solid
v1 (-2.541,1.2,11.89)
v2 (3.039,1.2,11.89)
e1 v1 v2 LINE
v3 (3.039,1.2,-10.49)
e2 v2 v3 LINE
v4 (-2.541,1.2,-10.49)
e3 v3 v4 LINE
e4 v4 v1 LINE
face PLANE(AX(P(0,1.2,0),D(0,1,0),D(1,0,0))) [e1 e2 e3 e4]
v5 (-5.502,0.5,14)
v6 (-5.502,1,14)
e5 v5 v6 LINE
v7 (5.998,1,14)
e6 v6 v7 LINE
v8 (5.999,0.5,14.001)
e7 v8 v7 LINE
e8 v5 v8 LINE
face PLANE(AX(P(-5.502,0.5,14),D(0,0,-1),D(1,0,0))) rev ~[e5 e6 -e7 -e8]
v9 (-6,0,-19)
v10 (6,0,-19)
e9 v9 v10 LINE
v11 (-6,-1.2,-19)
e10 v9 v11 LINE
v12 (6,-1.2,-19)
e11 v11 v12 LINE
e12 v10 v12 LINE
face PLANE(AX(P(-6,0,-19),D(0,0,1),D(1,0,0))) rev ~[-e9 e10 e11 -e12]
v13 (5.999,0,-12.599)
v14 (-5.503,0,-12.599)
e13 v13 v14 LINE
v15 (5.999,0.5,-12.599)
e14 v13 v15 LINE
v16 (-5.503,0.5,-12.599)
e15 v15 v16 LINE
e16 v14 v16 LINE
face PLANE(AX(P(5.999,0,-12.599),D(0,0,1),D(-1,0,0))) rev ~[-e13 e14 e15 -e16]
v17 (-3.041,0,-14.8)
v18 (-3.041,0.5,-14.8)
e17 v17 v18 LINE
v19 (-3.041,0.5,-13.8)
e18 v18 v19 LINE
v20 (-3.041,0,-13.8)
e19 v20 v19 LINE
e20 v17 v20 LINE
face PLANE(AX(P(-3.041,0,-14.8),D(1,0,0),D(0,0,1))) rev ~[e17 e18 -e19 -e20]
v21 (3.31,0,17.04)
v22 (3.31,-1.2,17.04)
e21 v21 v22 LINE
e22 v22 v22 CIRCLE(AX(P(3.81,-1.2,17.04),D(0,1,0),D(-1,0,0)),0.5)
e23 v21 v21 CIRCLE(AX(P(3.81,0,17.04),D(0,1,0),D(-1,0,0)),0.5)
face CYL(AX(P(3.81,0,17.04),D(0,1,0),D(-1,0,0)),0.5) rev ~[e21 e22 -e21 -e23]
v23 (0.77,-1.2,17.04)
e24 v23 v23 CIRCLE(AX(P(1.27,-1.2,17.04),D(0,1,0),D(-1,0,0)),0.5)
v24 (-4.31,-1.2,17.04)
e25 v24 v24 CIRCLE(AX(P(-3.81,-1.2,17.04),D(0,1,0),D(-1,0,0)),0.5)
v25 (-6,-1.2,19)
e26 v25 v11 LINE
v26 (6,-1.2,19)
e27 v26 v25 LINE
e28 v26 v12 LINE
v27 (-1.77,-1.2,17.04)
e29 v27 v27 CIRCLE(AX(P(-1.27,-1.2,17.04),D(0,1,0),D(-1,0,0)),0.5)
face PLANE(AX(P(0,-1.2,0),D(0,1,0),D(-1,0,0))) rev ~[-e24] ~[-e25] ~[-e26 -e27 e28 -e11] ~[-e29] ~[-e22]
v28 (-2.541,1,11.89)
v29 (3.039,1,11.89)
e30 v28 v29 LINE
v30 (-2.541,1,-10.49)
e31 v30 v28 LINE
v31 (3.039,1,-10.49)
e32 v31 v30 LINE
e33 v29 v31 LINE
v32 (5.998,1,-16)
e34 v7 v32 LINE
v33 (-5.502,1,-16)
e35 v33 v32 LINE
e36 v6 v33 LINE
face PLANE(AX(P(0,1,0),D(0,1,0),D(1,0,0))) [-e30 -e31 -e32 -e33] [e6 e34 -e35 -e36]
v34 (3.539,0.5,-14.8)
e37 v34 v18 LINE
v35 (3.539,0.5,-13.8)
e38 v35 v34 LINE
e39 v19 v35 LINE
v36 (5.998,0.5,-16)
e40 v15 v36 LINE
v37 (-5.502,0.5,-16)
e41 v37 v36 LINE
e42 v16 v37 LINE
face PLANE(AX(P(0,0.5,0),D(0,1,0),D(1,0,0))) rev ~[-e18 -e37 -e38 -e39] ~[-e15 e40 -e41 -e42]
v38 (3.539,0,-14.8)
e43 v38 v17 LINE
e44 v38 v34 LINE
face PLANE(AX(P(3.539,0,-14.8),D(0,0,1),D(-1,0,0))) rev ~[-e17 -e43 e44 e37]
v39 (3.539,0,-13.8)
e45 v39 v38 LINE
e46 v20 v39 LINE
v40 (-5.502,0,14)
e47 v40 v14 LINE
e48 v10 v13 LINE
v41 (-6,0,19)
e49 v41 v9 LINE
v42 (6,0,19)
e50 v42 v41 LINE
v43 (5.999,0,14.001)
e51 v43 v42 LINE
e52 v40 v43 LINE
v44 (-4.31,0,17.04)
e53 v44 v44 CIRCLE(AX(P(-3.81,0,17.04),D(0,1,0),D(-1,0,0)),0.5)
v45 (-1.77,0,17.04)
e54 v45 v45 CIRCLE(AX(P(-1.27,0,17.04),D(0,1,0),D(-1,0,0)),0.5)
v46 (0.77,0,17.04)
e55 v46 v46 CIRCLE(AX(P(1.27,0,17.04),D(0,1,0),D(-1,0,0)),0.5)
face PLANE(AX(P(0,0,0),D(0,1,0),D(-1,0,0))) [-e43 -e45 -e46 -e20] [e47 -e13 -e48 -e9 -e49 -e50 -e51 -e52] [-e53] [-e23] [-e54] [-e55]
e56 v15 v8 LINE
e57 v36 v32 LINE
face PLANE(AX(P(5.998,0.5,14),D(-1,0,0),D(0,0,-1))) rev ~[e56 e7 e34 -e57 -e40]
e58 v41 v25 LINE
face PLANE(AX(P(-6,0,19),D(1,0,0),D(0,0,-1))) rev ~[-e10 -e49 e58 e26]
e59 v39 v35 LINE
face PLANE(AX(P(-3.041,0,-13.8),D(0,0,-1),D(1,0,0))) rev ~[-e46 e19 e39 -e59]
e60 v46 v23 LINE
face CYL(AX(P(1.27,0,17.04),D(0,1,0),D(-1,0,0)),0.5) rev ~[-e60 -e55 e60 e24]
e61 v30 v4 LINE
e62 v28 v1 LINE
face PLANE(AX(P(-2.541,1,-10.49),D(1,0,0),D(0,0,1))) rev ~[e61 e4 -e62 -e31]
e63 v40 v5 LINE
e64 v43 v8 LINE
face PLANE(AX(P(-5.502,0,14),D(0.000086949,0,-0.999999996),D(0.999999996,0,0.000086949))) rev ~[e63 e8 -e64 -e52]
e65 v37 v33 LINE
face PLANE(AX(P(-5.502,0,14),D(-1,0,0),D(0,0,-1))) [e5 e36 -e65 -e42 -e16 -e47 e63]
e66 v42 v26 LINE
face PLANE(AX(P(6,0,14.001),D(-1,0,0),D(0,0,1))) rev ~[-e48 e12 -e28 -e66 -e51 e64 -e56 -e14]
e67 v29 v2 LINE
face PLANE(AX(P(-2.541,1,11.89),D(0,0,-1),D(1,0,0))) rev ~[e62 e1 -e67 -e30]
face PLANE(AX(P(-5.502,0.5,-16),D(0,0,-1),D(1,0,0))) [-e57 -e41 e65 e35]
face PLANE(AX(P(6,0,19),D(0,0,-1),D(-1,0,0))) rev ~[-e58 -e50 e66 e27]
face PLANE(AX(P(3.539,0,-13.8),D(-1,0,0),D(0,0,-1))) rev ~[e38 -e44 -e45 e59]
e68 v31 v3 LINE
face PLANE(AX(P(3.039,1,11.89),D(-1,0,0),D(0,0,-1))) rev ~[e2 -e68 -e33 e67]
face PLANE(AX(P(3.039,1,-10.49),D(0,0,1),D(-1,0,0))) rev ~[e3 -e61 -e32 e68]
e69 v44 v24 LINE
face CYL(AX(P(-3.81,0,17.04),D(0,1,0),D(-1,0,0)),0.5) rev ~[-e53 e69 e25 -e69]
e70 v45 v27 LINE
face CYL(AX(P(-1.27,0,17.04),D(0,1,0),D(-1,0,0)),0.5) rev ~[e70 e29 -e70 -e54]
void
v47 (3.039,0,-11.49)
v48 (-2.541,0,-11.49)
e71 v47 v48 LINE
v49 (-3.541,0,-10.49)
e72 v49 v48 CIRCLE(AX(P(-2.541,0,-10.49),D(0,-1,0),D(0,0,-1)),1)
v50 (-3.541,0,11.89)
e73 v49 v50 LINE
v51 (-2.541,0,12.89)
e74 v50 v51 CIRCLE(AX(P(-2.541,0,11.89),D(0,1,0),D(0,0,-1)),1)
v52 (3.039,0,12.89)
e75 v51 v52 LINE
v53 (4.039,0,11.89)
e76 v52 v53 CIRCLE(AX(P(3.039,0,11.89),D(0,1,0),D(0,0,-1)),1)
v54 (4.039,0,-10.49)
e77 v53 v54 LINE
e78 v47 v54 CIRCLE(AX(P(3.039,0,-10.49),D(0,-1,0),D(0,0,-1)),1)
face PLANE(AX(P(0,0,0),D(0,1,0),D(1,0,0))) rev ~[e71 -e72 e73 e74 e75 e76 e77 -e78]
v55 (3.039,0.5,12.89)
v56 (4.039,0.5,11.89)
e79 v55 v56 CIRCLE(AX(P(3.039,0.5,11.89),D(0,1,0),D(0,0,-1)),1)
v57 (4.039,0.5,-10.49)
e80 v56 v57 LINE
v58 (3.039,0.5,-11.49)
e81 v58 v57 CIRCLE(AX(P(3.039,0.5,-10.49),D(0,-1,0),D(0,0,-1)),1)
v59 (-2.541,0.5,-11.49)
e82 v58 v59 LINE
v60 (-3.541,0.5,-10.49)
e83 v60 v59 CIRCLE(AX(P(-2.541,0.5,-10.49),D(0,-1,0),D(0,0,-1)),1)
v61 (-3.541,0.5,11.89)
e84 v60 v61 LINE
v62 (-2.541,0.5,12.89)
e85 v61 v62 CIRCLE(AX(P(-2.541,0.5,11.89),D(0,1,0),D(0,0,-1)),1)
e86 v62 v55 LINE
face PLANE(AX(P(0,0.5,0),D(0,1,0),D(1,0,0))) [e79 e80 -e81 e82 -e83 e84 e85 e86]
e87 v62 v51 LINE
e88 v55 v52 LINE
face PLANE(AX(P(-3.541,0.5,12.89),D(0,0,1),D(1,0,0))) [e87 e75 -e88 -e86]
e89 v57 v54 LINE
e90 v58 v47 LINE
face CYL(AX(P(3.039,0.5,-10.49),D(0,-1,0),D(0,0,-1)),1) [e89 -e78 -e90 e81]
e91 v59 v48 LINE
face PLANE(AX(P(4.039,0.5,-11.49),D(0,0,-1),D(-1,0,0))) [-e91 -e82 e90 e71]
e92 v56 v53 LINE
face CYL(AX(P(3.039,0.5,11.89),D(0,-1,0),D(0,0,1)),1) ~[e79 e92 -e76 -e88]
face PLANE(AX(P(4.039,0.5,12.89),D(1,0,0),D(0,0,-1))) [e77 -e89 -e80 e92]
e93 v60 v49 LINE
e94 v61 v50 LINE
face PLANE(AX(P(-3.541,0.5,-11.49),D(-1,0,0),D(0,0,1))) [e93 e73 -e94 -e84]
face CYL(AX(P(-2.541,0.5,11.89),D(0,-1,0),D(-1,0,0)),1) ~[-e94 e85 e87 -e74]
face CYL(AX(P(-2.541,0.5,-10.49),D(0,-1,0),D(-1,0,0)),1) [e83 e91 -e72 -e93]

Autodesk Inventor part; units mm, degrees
ref_plane "YZ Plane" through (0, 0, 0) normal (1, 0, 0) x (0, 1, 0)
ref_plane "XZ Plane" through (0, 0, 0) normal (0, 1, 0) x (-1, 0, 0)
sketch "Sketch1" plane through (0, 0, 0) normal (0, 1, 0) x (-1, 0, 0)
  line L0 (-6, 19) -> (6, 19)
  line L1 (6, 19) -> (6, -19)
  line L2 (6, -19) -> (-6, -19)
  line L3 (-6, -19) -> (-6, 19)
  line L4 (-6, 19) -> (6, -19) construction
  line L5 (6, 19) -> (-6, -19) construction
  line L6 (5.502, -16) -> (-5.998, -16)
  line L7 (5.502, 14) -> (5.502, -16)
  line L8 (0, 19) -> (0, -19) construction
  line L9 (5.503, 14.001) -> (-5.999, 14.001)
  line L10 (-5.999, 14.001) -> (-5.999, -12.599)
  line L11 (-5.999, -12.599) -> (5.503, -12.599)
  line L12 (3.541, 12.89) -> (-4.039, 12.89)
  line L13 (-4.039, 12.89) -> (-4.039, -11.49)
  line L14 (-4.039, -11.49) -> (3.541, -11.49)
  line L15 (3.541, -11.49) -> (3.541, 12.89)
  line L16 (2.541, 11.89) -> (-3.039, 11.89)
  line L17 (-3.039, 11.89) -> (-3.039, -10.49)
  line L18 (-3.039, -10.49) -> (2.541, -10.49)
  line L19 (2.541, -10.49) -> (2.541, 11.89)
  line L20 (-0.249, 12.89) -> (-0.249, -11.49) construction
  line L21 (3.541, 0.7) -> (-4.039, 0.7) construction
  circle A0 centre (-3.81, 17.04) radius 0.5
  circle A1 centre (-1.27, 17.04) radius 0.5
  circle A2 centre (1.27, 17.04) radius 0.5
  circle A3 centre (3.81, 17.04) radius 0.5
  line L22 (3.041, -13.8) -> (-3.539, -13.8)
  line L23 (-3.539, -13.8) -> (-3.539, -14.8)
  line L24 (-3.539, -14.8) -> (3.041, -14.8)
  line L25 (3.041, -14.8) -> (3.041, -13.8)
  line L26 (5.502, 14) -> (-5.998, 14)
  line L27 (5.503, -12.599) -> (5.503, 14.001)
  line L28 (-5.998, 14) -> (-5.998, -16)
  point P0 (0, 0)
  dimension "d0" = 12
  dimension "d1" = 38
  dimension "d2" = 3
  dimension "d3" = 30
  dimension "d5" = 26.6
  dimension "d6" = 7.58
  dimension "d7" = 24.38
  dimension "d8" = 5.58
  dimension "d9" = 22.38
  dimension "d10" = 1.96
  dimension "d11" = 7.51
  dimension "d13" = 2.19
  dimension "d14" = 1.96
  dimension "d15" = 1
  dimension "d18" = 2.54
  dimension "d27" = 1
  dimension "d28" = 1.2
  dimension "d32" = 0.001
  dimension "d33" = 0.001
  dimension "d34" = 0.001
  dimension "d35" = 11.5
  dimension "d36" = 0.001
extrude "Extrusion1" add sketch "Sketch1" against normal blind 1.2 contours L0 L1 L2 L3 L6 L7 L9 | L9 L7 L11 L3 | L11 L7 L6 L3 | L15 L14 L13 L12 | L19 L18 L17 L16 | L25 L24 L23 L22
extrude "Extrusion2" add sketch "Sketch1" along normal blind 0.5 contours L9 L7 L11 L3 | L15 L14 L13 L12 | L19 L18 L17 L16 | L25 L24 L23 L22
sketch "Sketch2" plane through (0, 0.5, 0) normal (0, 1, 0) x (1, 0, 0)
  line L0 (-5.502, -14) -> (-5.502, 16) projected
  line L1 (-5.502, 16) -> (5.998, 16) projected
  line L2 (-5.502, -14) -> (5.998, -14) projected
  line L3 (5.998, -14) -> (5.998, 16) projected
  line L4 (-3.541, -12.89) -> (4.039, -12.89) projected
  line L5 (-3.541, 11.49) -> (-3.541, -12.89) projected
  line L6 (4.039, -12.89) -> (4.039, 11.49) projected
  line L7 (4.039, 11.49) -> (-3.541, 11.49) projected
  point P0 (0, 0)
extrude "Extrusion3" add sketch "Sketch2" along normal blind 0.5 contours L0 L1 L3 L2 | L5 L7 L6 L4
sketch "Sketch3" plane through (0, 1, 0) normal (0, 1, 0) x (1, 0, 0)
  line L0 (-2.541, -11.89) -> (3.039, -11.89) projected
  line L1 (-2.541, 10.49) -> (-2.541, -11.89) projected
  line L2 (3.039, -11.89) -> (3.039, 10.49) projected
  line L3 (3.039, 10.49) -> (-2.541, 10.49) projected
  point P0 (0, 0)
extrude "Extrusion4" add sketch "Sketch3" along normal blind 0.2
extrude "Extrusion5" cut sketch "Sketch2" against normal blind 0.5 contours L5 L7 L6 L4
fillet "Fillet1" radius 1 4 edges at (-3.541, 0.25, 12.89) (4.039, 0.25, -11.49) (-3.541, 0.25, -11.49) (4.039, 0.25, 12.89)
sketch "Sketch4" plane through (0, -1.2, 0) normal (0, 1, 0) x (1, 0, 0)
  line L0 (2.785, -15.895) -> (2.585, -16.095)
  line L1 (2.585, -16.095) -> (2.585, -17.985)
  line L2 (2.585, -17.985) -> (2.785, -18.185)
  line L3 (2.785, -18.185) -> (4.835, -18.185)
  line L4 (4.835, -18.185) -> (5.035, -17.985)
  line L5 (5.035, -17.985) -> (5.035, -16.095)
  line L6 (5.035, -16.095) -> (4.835, -15.895)
  line L7 (4.835, -15.895) -> (2.785, -15.895)
  line L8 (3.81, -18.185) -> (3.81, -15.895) construction
  line L9 (2.585, -17.04) -> (5.035, -17.04) construction
  circle A0 centre (3.81, -17.04) radius 0.5 construction
  line L10 (3.51, -17.34) -> (4.11, -17.34)
  line L11 (4.11, -17.34) -> (4.11, -16.74)
  line L12 (4.11, -16.74) -> (3.51, -16.74)
  line L13 (3.51, -16.74) -> (3.51, -17.34)
  line L14 (3.51, -17.34) -> (4.11, -16.74) construction
  line L15 (4.11, -17.34) -> (3.51, -16.74) construction
  line L16 (6, -19) -> (-6, -19) construction
  line L17 (0.245, -15.895) -> (0.045, -16.095)
  line L18 (0.045, -16.095) -> (0.045, -17.985)
  line L19 (0.045, -17.985) -> (0.245, -18.185)
  line L20 (0.245, -18.185) -> (2.295, -18.185)
  line L21 (2.295, -18.185) -> (2.495, -17.985)
  line L22 (2.495, -17.985) -> (2.495, -16.095)
  line L23 (2.495, -16.095) -> (2.295, -15.895)
  line L24 (2.295, -15.895) -> (0.245, -15.895)
  line L25 (1.27, -18.185) -> (1.27, -15.895) construction
  line L26 (0.045, -17.04) -> (2.495, -17.04) construction
  circle A1 centre (1.27, -17.04) radius 0.5 construction
  line L27 (0.97, -17.34) -> (1.57, -17.34)
  line L28 (1.57, -17.34) -> (1.57, -16.74)
  line L29 (1.57, -16.74) -> (0.97, -16.74)
  line L30 (0.97, -16.74) -> (0.97, -17.34)
  line L31 (0.97, -17.34) -> (1.57, -16.74) construction
  line L32 (1.57, -17.34) -> (0.97, -16.74) construction
  line L33 (-2.295, -15.895) -> (-2.495, -16.095)
  line L34 (-2.495, -16.095) -> (-2.495, -17.985)
  line L35 (-2.495, -17.985) -> (-2.295, -18.185)
  line L36 (-2.295, -18.185) -> (-0.245, -18.185)
  line L37 (-0.245, -18.185) -> (-0.045, -17.985)
  line L38 (-0.045, -17.985) -> (-0.045, -16.095)
  line L39 (-0.045, -16.095) -> (-0.245, -15.895)
  line L40 (-0.245, -15.895) -> (-2.295, -15.895)
  line L41 (-1.27, -18.185) -> (-1.27, -15.895) construction
  line L42 (-2.495, -17.04) -> (-0.045, -17.04) construction
  circle A2 centre (-1.27, -17.04) radius 0.5 construction
  line L43 (-1.57, -17.34) -> (-0.97, -17.34)
  line L44 (-0.97, -17.34) -> (-0.97, -16.74)
  line L45 (-0.97, -16.74) -> (-1.57, -16.74)
  line L46 (-1.57, -16.74) -> (-1.57, -17.34)
  line L47 (-1.57, -17.34) -> (-0.97, -16.74) construction
  line L48 (-0.97, -17.34) -> (-1.57, -16.74) construction
  line L49 (-4.835, -15.895) -> (-5.035, -16.095)
  line L50 (-5.035, -16.095) -> (-5.035, -17.985)
  line L51 (-5.035, -17.985) -> (-4.835, -18.185)
  line L52 (-4.835, -18.185) -> (-2.785, -18.185)
  line L53 (-2.785, -18.185) -> (-2.585, -17.985)
  line L54 (-2.585, -17.985) -> (-2.585, -16.095)
  line L55 (-2.585, -16.095) -> (-2.785, -15.895)
  line L56 (-2.785, -15.895) -> (-4.835, -15.895)
  line L57 (-3.81, -18.185) -> (-3.81, -15.895) construction
  line L58 (-5.035, -17.04) -> (-2.585, -17.04) construction
  circle A3 centre (-3.81, -17.04) radius 0.5 construction
  line L59 (-4.11, -17.34) -> (-3.51, -17.34)
  line L60 (-3.51, -17.34) -> (-3.51, -16.74)
  line L61 (-3.51, -16.74) -> (-4.11, -16.74)
  line L62 (-4.11, -16.74) -> (-4.11, -17.34)
  line L63 (-4.11, -17.34) -> (-3.51, -16.74) construction
  line L64 (-3.51, -17.34) -> (-4.11, -16.74) construction
  circle A4 centre (-3.81, -17.04) radius 0.5 construction
  circle A5 centre (-1.27, -17.04) radius 0.5 construction
  circle A6 centre (1.27, -17.04) radius 0.5 construction
  point P0 (0, 0)
  point P1 (-1.27, -17.04)
  dimension "d43" = 2.05
  dimension "d46" = 1.89
  dimension "d47" = 0.2828
  dimension "d48" = 45
  dimension "d49" = 0.6
  dimension "d50" = 0.6
  dimension "d53" = 135
  dimension "d54" = 135
  dimension "d55" = 135
  dimension "d56" = 2.05
  dimension "d57" = 1.89
  dimension "d58" = 0.2828
  dimension "d59" = 45
  dimension "d60" = 0.6
  dimension "d61" = 0.6
  dimension "d62" = 135
  dimension "d63" = 135
  dimension "d64" = 135
  dimension "d65" = 2.05
  dimension "d66" = 1.89
  dimension "d67" = 0.2828
  dimension "d68" = 45
  dimension "d69" = 0.6
  dimension "d70" = 0.6
  dimension "d71" = 135
  dimension "d72" = 135
  dimension "d73" = 135
  dimension "d74" = 2.05
  dimension "d75" = 1.89
  dimension "d76" = 0.2828
  dimension "d77" = 45
  dimension "d78" = 0.6
  dimension "d79" = 0.6
  dimension "d80" = 135
  dimension "d81" = 135
  dimension "d82" = 135
extrude "Extrusion6" [suppressed]
ref_plane "Work Plane2" through (0, 1.4, 0) normal (0, 1, 0) x (1, 0, 0)
sketch "Sketch5" plane through (0, 1.4, 0) normal (0, 1, 0) x (1, 0, 0)
  line L0 (4.11, -16.74) -> (4.11, -17.34) projected
  line L1 (4.11, -17.34) -> (3.51, -17.34) projected
  line L2 (3.51, -17.34) -> (3.51, -16.74) projected
  line L3 (3.51, -16.74) -> (4.11, -16.74) projected
  line L4 (1.57, -16.74) -> (1.57, -17.34) projected
  line L5 (0.97, -16.74) -> (1.57, -16.74) projected
  line L6 (1.57, -17.34) -> (0.97, -17.34) projected
  line L7 (0.97, -17.34) -> (0.97, -16.74) projected
  line L8 (-3.51, -16.74) -> (-3.51, -17.34) projected
  line L9 (-3.51, -17.34) -> (-4.11, -17.34) projected
  line L10 (-4.11, -17.34) -> (-4.11, -16.74) projected
  line L11 (-4.11, -16.74) -> (-3.51, -16.74) projected
  line L12 (-0.97, -16.74) -> (-0.97, -17.34) projected
  line L13 (-0.97, -17.34) -> (-1.57, -17.34) projected
  line L14 (-1.57, -17.34) -> (-1.57, -16.74) projected
  line L15 (-1.57, -16.74) -> (-0.97, -16.74) projected
  point P0 (0, 0)
  point P1 (4.11, 17.34)
  point P2 (4.11, 16.74)
  point P3 (3.51, 17.34)
  point P4 (3.51, 16.74)
  point P5 (1.57, 17.34)
  point P6 (1.57, 16.74)
  point P7 (0.97, 16.74)
  point P8 (0.97, 17.34)
  point P9 (-3.51, 17.34)
  point P10 (-3.51, 16.74)
  point P11 (-4.11, 17.34)
  point P12 (-4.11, 16.74)
  point P13 (-0.97, 17.34)
  point P14 (-0.97, 16.74)
  point P15 (-1.57, 17.34)
  point P16 (-1.57, 16.74)
extrude "Extrusion7" [suppressed]
properties part number "LED Screen 0.91 inch"
